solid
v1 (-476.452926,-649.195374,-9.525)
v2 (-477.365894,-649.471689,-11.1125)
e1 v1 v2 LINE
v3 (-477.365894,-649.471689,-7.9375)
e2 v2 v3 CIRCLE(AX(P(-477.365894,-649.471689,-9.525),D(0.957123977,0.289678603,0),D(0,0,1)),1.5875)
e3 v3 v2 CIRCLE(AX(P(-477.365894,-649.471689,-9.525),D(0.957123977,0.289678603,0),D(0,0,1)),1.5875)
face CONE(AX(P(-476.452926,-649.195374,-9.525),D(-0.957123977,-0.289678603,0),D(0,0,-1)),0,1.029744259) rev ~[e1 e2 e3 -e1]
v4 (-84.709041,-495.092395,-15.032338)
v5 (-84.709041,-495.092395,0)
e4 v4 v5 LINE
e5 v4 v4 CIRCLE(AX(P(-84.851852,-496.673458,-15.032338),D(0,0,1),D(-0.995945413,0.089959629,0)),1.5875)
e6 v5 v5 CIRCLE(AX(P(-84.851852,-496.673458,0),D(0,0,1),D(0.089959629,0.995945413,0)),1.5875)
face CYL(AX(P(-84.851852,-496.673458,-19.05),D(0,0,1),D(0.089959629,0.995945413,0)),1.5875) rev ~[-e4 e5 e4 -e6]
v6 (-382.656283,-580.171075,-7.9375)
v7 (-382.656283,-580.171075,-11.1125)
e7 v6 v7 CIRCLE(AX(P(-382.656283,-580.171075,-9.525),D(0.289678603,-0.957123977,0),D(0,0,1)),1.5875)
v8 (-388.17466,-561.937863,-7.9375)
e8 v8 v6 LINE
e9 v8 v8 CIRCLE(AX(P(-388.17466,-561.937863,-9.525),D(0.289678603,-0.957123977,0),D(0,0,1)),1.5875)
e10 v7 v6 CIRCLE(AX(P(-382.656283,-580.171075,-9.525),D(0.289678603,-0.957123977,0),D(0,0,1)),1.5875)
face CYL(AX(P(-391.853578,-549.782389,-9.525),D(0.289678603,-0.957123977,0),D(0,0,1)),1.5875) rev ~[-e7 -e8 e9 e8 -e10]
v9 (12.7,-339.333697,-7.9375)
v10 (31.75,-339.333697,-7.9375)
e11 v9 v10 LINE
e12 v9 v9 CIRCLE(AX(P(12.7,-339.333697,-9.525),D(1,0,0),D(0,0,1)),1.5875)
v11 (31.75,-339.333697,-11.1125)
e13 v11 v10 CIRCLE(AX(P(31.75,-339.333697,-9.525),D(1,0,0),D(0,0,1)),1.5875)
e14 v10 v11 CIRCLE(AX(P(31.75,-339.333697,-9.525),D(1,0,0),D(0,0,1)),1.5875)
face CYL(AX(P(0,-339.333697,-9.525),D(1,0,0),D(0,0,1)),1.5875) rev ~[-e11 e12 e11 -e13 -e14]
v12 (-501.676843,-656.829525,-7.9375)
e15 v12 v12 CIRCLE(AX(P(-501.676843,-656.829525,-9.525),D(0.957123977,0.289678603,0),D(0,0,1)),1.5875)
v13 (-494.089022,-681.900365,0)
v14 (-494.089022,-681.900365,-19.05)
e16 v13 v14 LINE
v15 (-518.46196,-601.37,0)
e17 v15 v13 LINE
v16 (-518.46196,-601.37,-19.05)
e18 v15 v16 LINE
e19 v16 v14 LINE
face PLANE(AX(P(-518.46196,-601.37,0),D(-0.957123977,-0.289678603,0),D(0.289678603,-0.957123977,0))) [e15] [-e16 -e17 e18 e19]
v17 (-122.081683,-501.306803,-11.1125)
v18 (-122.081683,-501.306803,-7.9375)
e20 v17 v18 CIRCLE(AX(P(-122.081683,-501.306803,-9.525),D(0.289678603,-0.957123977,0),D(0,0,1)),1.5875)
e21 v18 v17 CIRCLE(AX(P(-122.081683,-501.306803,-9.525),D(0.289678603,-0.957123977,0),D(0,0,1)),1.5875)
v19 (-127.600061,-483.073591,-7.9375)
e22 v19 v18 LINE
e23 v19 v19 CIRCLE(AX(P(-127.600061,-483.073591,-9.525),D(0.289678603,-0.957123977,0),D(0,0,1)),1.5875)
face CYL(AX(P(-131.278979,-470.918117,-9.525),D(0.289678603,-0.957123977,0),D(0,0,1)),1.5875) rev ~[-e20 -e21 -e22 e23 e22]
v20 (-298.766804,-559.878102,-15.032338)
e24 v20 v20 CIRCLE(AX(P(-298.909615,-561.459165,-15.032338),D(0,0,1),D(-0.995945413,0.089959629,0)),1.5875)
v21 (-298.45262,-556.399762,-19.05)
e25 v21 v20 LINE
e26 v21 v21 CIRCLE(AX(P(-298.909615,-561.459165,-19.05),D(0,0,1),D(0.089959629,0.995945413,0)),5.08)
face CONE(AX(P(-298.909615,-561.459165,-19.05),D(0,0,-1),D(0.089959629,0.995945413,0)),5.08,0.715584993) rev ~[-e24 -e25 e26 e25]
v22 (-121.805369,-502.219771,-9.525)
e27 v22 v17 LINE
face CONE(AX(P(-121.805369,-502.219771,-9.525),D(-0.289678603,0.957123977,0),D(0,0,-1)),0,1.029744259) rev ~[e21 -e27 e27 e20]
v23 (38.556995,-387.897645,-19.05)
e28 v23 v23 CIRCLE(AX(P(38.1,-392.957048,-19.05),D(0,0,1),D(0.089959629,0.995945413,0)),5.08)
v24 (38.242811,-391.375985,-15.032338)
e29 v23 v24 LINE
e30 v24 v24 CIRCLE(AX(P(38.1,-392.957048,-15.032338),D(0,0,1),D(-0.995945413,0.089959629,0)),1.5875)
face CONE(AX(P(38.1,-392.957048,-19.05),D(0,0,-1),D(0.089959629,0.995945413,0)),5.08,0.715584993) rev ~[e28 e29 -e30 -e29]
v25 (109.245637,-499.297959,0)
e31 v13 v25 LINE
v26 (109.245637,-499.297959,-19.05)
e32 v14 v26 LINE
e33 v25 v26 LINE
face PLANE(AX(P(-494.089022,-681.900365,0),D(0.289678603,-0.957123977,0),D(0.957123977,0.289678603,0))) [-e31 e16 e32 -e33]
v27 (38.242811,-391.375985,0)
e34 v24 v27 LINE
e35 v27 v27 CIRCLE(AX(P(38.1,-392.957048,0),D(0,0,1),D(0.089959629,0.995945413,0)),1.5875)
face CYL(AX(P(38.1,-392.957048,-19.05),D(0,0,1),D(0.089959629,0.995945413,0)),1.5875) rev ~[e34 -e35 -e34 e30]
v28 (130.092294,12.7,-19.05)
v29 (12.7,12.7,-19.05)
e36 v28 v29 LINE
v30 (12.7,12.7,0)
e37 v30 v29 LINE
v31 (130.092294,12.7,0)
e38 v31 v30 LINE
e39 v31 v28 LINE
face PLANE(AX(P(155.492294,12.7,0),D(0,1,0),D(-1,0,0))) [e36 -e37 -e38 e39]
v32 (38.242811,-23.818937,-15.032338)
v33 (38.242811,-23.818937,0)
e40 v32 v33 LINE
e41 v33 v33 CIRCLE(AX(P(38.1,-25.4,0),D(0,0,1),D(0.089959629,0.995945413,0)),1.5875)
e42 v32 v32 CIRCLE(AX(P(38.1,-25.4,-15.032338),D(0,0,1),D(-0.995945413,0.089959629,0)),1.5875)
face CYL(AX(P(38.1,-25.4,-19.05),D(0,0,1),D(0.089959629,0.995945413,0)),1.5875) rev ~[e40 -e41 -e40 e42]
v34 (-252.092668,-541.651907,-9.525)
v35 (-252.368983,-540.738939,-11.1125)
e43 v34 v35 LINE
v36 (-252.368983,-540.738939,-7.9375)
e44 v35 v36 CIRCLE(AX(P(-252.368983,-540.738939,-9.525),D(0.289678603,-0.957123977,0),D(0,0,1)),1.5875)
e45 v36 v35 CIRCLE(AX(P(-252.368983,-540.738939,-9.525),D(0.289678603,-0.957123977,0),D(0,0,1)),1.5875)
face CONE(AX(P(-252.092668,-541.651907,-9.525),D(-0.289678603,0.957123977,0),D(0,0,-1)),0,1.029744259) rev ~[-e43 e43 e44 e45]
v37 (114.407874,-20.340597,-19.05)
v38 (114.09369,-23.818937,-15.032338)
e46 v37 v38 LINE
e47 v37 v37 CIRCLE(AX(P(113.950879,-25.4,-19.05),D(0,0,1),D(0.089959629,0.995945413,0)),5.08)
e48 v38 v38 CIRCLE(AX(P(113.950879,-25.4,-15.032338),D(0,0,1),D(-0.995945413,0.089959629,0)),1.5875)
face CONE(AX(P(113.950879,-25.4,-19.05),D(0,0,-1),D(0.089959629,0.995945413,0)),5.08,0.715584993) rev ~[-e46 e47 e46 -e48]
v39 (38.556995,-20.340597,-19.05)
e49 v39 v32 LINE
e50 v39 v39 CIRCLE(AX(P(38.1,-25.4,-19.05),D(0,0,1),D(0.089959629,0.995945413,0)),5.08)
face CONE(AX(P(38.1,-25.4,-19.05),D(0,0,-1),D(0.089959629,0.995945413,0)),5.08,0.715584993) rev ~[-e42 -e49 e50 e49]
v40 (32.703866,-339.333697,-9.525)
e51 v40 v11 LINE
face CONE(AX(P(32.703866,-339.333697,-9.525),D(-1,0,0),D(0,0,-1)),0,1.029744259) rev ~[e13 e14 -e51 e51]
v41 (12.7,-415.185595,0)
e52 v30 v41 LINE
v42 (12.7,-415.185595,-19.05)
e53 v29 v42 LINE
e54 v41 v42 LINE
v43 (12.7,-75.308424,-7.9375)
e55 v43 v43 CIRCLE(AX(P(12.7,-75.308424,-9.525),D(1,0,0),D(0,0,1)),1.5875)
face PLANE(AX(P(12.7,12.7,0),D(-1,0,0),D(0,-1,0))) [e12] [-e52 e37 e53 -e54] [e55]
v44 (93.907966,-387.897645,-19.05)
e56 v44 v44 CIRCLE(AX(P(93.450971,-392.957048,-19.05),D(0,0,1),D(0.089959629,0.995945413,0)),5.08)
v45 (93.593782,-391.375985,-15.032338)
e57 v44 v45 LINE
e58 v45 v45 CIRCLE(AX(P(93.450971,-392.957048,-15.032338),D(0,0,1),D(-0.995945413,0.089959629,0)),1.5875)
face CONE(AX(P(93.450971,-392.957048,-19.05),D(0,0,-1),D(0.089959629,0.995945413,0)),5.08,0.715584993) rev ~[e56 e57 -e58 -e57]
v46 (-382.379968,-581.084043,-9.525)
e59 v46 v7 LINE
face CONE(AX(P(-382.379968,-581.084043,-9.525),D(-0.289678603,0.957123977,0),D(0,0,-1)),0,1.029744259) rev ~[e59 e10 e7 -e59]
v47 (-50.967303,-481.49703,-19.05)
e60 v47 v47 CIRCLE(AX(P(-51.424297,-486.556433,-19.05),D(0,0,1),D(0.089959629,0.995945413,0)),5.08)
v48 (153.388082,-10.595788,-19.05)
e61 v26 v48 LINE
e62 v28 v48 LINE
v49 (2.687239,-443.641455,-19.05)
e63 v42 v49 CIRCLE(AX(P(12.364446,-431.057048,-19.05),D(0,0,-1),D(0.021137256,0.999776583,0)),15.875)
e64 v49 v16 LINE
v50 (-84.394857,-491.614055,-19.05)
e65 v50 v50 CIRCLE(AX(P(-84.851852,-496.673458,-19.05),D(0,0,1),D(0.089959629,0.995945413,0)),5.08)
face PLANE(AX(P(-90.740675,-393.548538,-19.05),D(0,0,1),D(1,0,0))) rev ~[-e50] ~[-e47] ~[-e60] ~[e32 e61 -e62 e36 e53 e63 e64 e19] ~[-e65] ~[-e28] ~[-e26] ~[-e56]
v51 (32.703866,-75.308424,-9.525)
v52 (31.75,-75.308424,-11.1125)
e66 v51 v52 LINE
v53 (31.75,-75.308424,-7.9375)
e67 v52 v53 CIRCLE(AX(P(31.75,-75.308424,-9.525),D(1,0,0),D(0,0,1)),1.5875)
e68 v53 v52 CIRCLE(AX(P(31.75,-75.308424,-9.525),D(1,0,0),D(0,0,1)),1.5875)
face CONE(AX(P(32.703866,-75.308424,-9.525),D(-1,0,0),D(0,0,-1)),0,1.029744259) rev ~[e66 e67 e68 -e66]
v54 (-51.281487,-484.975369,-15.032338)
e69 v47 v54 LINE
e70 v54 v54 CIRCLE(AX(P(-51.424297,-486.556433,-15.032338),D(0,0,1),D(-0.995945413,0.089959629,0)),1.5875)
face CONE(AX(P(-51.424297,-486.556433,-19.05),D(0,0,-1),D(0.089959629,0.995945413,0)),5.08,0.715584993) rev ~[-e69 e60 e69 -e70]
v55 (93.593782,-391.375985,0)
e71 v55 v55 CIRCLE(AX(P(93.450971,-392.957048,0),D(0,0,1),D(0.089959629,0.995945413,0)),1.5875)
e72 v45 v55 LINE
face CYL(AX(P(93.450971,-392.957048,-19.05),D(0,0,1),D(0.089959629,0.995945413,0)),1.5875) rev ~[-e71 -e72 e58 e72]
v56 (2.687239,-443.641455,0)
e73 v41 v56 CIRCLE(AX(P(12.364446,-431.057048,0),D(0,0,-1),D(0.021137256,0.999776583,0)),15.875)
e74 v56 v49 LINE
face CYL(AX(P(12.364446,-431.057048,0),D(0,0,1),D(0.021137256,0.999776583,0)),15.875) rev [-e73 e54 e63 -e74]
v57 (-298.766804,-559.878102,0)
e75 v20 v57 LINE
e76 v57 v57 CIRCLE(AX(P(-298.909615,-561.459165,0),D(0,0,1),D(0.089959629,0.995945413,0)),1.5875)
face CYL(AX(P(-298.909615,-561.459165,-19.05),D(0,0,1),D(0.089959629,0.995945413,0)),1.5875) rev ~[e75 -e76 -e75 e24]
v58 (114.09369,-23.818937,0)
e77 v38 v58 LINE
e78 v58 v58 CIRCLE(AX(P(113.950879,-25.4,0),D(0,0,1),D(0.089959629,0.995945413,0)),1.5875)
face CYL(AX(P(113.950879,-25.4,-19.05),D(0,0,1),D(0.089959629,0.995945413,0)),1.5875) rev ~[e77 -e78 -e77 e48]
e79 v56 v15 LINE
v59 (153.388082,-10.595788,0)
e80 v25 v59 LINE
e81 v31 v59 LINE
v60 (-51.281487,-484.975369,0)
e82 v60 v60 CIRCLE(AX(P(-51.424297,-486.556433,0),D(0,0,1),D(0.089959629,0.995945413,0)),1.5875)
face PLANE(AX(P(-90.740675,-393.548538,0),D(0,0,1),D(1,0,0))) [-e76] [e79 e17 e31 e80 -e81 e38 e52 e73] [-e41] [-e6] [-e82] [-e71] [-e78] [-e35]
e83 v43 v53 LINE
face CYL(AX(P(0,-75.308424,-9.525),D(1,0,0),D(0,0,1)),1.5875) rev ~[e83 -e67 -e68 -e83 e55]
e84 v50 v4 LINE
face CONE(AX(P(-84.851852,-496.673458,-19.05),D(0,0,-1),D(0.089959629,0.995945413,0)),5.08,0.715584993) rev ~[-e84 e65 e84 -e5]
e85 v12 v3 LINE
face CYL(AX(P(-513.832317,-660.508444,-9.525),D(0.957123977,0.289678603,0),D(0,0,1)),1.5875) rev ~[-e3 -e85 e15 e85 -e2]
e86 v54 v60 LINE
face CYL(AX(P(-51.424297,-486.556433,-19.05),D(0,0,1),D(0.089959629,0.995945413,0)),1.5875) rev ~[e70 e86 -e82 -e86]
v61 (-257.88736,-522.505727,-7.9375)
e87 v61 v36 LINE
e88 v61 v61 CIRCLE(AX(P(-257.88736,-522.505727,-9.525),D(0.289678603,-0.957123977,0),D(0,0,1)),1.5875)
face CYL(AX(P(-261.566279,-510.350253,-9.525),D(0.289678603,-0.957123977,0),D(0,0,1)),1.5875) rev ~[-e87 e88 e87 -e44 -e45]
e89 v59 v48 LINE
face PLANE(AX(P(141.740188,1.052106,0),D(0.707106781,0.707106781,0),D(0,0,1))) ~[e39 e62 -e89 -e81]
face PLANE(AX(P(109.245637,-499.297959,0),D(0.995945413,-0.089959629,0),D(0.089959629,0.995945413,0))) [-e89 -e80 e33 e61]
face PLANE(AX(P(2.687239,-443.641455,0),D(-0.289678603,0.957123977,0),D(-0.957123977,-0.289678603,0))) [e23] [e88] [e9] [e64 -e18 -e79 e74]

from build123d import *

# Parameters (mm, degrees)
BOSS_EXTRUDE1_DEPTH = 19.05
CHAMFER1_SIZE       = 25.4
CHAMFER1_SIZE2      = 23.3906272
HOLE2_D             = 3.175
HOLE2_DEPTH         = 31.75
HOLE2_CSINK_D       = 10.16
HOLE2_CSINK_ANGLE   = 82
HOLE2_TIP           = 0.953866233
HOLE4_D             = 3.175
HOLE4_DEPTH         = 31.75
HOLE4_CSINK_D       = 10.16
HOLE4_CSINK_ANGLE   = 82
HOLE4_TIP           = 0.953866233
HOLE5_D             = 3.175
HOLE5_DEPTH         = 38.1
HOLE5_CSINK_D       = 10.16
HOLE5_CSINK_ANGLE   = 82
HOLE5_TIP           = 0.953866233
HOLE6_D             = 3.175
HOLE6_DEPTH         = 38.1
HOLE6_CSINK_D       = 10.16
HOLE6_CSINK_ANGLE   = 82
HOLE6_TIP           = 0.953866233


with BuildPart() as part:
    # Sketch1 → Boss-Extrude1 (new body)
    with BuildSketch(Plane.XY):
        with BuildLine():
            Line((12.7, 12.7), (12.7, -415.185594934))
            ThreePointArc((12.7, -415.185594934), (27.339445595, -436.32629993), (2.687239133, -443.641454859))
            Line((2.687239133, -443.641454859), (-518.461959982, -601.369999539))
            Line((-518.461959982, -601.369999539), (-494.089021628, -681.900364725))
            Line((-494.089021628, -681.900364725), (109.245636646, -499.2979588))
            Line((109.245636646, -499.2979588), (155.492294041, 12.7))
            Line((155.492294041, 12.7), (12.7, 12.7))
        make_face()
    extrude(amount=-BOSS_EXTRUDE1_DEPTH)

    # Chamfer1
    chamfer1_edges = [part.edges().sort_by_distance(p)[0] for p in [
        (155.492294041, 12.7, -9.525),
    ]]
    chamfer1_side = [part.faces().sort_by_distance(p)[0] for p in [
        (84.09614702, 12.7, -9.525),
    ]]
    chamfer(chamfer1_edges, length=CHAMFER1_SIZE, length2=CHAMFER1_SIZE2, reference=chamfer1_side[0])

    # Hole2
    with Locations(Plane(origin=(0, 10.424290059, 165.474999994), x_dir=(0, 0, -1), z_dir=(-1, 0, 0))):
        with Locations((-155.949999994, 107.734820482), (155.949999994, 107.734820482), (155.949999994, 327.755881328), (174.999999994, 85.732714397), (174.999999994, 349.757987412), (-174.999999994, 349.757987412), (-174.999999994, 85.732714397), (-155.949999994, 327.755881328)):
            CounterSinkHole(HOLE2_D / 2, HOLE2_CSINK_D / 2, depth=HOLE2_DEPTH, counter_sink_angle=HOLE2_CSINK_ANGLE)
            with Locations((0, 0, -(HOLE2_DEPTH + HOLE2_TIP / 2))):  # 118° drill point
                Cone(0, HOLE2_D / 2, HOLE2_TIP, mode=Mode.SUBTRACT)

    # Hole4
    with Locations(Plane(origin=(264.696145853, -351.074163461, 165.474999994), x_dir=(0, 0, -1), z_dir=(-0.2896786029738453, 0.9571239768071436, 8.258871730585588e-15))):
        with Locations((174.999999994, 685.961004241), (174.999999994, 549.837259632), (174.999999994, 413.713515022), (81.549999997, 779.649723129), (81.549999997, 652.344645962), (62.499999997, 662.953402392), (62.499999997, 769.040966698), (-62.499999997, 769.040966698), (-62.499999997, 662.953402392), (-81.549999997, 652.344645962), (-81.549999997, 779.649723129), (-174.999999994, 413.713515022), (-174.999999994, 549.837259632), (-174.999999994, 685.961004241), (-82.737499997, 600.384620239), (0, 600.384620239), (82.737499997, 600.384620239), (0, 376.737770337), (-82.737499997, 376.737770337), (82.737499997, 376.737770337)):
            CounterSinkHole(HOLE4_D / 2, HOLE4_CSINK_D / 2, depth=HOLE4_DEPTH, counter_sink_angle=HOLE4_CSINK_ANGLE)
            with Locations((0, 0, -(HOLE4_DEPTH + HOLE4_TIP / 2))):  # 118° drill point
                Cone(0, HOLE4_D / 2, HOLE4_TIP, mode=Mode.SUBTRACT)

    # Hole5
    with Locations(Plane(origin=(155.286738577, 10.424290059, -19.05), x_dir=(-0.08995962873759064, -0.9959454127598535, 0), z_dir=(0, 0, -1))):
        with Locations((46.221112845, 113.488854888), (39.39759596, 37.945520226), (412.28786892, 80.423559293), (407.308516105, 25.297013484), (513.561319184, 161.164706775), (597.46020397, 127.267357003), (610.543339245, 159.649253123), (694.322923815, 367.011001477), (526.644454459, 193.546602895), (610.424039029, 400.908351249)):
            CounterSinkHole(HOLE5_D / 2, HOLE5_CSINK_D / 2, depth=HOLE5_DEPTH, counter_sink_angle=HOLE5_CSINK_ANGLE)
            with Locations((0, 0, -(HOLE5_DEPTH + HOLE5_TIP / 2))):  # 118° drill point
                Cone(0, HOLE5_D / 2, HOLE5_TIP, mode=Mode.SUBTRACT)

    # Hole6
    with Locations(Plane(origin=(-643.705760022, -231.394989772, 165.474999994), x_dir=(0, 0, -1), z_dir=(-0.9571239768071421, -0.2896786029738502, -1.2569443472852944e-15))):
        with Locations((-108.649999997, 332.89193461), (108.649999997, 332.89193461), (207.774999994, 332.89193461), (174.999999994, 448.336332751), (135.266666663, 384.042401694), (176.283333328, 384.042401694), (-174.999999994, 448.336332751), (-135.266666663, 384.042401694), (-176.283333328, 384.042401694), (-207.774999994, 332.89193461)):
            CounterSinkHole(HOLE6_D / 2, HOLE6_CSINK_D / 2, depth=HOLE6_DEPTH, counter_sink_angle=HOLE6_CSINK_ANGLE)
            with Locations((0, 0, -(HOLE6_DEPTH + HOLE6_TIP / 2))):  # 118° drill point
                Cone(0, HOLE6_D / 2, HOLE6_TIP, mode=Mode.SUBTRACT)


solid = part.part
